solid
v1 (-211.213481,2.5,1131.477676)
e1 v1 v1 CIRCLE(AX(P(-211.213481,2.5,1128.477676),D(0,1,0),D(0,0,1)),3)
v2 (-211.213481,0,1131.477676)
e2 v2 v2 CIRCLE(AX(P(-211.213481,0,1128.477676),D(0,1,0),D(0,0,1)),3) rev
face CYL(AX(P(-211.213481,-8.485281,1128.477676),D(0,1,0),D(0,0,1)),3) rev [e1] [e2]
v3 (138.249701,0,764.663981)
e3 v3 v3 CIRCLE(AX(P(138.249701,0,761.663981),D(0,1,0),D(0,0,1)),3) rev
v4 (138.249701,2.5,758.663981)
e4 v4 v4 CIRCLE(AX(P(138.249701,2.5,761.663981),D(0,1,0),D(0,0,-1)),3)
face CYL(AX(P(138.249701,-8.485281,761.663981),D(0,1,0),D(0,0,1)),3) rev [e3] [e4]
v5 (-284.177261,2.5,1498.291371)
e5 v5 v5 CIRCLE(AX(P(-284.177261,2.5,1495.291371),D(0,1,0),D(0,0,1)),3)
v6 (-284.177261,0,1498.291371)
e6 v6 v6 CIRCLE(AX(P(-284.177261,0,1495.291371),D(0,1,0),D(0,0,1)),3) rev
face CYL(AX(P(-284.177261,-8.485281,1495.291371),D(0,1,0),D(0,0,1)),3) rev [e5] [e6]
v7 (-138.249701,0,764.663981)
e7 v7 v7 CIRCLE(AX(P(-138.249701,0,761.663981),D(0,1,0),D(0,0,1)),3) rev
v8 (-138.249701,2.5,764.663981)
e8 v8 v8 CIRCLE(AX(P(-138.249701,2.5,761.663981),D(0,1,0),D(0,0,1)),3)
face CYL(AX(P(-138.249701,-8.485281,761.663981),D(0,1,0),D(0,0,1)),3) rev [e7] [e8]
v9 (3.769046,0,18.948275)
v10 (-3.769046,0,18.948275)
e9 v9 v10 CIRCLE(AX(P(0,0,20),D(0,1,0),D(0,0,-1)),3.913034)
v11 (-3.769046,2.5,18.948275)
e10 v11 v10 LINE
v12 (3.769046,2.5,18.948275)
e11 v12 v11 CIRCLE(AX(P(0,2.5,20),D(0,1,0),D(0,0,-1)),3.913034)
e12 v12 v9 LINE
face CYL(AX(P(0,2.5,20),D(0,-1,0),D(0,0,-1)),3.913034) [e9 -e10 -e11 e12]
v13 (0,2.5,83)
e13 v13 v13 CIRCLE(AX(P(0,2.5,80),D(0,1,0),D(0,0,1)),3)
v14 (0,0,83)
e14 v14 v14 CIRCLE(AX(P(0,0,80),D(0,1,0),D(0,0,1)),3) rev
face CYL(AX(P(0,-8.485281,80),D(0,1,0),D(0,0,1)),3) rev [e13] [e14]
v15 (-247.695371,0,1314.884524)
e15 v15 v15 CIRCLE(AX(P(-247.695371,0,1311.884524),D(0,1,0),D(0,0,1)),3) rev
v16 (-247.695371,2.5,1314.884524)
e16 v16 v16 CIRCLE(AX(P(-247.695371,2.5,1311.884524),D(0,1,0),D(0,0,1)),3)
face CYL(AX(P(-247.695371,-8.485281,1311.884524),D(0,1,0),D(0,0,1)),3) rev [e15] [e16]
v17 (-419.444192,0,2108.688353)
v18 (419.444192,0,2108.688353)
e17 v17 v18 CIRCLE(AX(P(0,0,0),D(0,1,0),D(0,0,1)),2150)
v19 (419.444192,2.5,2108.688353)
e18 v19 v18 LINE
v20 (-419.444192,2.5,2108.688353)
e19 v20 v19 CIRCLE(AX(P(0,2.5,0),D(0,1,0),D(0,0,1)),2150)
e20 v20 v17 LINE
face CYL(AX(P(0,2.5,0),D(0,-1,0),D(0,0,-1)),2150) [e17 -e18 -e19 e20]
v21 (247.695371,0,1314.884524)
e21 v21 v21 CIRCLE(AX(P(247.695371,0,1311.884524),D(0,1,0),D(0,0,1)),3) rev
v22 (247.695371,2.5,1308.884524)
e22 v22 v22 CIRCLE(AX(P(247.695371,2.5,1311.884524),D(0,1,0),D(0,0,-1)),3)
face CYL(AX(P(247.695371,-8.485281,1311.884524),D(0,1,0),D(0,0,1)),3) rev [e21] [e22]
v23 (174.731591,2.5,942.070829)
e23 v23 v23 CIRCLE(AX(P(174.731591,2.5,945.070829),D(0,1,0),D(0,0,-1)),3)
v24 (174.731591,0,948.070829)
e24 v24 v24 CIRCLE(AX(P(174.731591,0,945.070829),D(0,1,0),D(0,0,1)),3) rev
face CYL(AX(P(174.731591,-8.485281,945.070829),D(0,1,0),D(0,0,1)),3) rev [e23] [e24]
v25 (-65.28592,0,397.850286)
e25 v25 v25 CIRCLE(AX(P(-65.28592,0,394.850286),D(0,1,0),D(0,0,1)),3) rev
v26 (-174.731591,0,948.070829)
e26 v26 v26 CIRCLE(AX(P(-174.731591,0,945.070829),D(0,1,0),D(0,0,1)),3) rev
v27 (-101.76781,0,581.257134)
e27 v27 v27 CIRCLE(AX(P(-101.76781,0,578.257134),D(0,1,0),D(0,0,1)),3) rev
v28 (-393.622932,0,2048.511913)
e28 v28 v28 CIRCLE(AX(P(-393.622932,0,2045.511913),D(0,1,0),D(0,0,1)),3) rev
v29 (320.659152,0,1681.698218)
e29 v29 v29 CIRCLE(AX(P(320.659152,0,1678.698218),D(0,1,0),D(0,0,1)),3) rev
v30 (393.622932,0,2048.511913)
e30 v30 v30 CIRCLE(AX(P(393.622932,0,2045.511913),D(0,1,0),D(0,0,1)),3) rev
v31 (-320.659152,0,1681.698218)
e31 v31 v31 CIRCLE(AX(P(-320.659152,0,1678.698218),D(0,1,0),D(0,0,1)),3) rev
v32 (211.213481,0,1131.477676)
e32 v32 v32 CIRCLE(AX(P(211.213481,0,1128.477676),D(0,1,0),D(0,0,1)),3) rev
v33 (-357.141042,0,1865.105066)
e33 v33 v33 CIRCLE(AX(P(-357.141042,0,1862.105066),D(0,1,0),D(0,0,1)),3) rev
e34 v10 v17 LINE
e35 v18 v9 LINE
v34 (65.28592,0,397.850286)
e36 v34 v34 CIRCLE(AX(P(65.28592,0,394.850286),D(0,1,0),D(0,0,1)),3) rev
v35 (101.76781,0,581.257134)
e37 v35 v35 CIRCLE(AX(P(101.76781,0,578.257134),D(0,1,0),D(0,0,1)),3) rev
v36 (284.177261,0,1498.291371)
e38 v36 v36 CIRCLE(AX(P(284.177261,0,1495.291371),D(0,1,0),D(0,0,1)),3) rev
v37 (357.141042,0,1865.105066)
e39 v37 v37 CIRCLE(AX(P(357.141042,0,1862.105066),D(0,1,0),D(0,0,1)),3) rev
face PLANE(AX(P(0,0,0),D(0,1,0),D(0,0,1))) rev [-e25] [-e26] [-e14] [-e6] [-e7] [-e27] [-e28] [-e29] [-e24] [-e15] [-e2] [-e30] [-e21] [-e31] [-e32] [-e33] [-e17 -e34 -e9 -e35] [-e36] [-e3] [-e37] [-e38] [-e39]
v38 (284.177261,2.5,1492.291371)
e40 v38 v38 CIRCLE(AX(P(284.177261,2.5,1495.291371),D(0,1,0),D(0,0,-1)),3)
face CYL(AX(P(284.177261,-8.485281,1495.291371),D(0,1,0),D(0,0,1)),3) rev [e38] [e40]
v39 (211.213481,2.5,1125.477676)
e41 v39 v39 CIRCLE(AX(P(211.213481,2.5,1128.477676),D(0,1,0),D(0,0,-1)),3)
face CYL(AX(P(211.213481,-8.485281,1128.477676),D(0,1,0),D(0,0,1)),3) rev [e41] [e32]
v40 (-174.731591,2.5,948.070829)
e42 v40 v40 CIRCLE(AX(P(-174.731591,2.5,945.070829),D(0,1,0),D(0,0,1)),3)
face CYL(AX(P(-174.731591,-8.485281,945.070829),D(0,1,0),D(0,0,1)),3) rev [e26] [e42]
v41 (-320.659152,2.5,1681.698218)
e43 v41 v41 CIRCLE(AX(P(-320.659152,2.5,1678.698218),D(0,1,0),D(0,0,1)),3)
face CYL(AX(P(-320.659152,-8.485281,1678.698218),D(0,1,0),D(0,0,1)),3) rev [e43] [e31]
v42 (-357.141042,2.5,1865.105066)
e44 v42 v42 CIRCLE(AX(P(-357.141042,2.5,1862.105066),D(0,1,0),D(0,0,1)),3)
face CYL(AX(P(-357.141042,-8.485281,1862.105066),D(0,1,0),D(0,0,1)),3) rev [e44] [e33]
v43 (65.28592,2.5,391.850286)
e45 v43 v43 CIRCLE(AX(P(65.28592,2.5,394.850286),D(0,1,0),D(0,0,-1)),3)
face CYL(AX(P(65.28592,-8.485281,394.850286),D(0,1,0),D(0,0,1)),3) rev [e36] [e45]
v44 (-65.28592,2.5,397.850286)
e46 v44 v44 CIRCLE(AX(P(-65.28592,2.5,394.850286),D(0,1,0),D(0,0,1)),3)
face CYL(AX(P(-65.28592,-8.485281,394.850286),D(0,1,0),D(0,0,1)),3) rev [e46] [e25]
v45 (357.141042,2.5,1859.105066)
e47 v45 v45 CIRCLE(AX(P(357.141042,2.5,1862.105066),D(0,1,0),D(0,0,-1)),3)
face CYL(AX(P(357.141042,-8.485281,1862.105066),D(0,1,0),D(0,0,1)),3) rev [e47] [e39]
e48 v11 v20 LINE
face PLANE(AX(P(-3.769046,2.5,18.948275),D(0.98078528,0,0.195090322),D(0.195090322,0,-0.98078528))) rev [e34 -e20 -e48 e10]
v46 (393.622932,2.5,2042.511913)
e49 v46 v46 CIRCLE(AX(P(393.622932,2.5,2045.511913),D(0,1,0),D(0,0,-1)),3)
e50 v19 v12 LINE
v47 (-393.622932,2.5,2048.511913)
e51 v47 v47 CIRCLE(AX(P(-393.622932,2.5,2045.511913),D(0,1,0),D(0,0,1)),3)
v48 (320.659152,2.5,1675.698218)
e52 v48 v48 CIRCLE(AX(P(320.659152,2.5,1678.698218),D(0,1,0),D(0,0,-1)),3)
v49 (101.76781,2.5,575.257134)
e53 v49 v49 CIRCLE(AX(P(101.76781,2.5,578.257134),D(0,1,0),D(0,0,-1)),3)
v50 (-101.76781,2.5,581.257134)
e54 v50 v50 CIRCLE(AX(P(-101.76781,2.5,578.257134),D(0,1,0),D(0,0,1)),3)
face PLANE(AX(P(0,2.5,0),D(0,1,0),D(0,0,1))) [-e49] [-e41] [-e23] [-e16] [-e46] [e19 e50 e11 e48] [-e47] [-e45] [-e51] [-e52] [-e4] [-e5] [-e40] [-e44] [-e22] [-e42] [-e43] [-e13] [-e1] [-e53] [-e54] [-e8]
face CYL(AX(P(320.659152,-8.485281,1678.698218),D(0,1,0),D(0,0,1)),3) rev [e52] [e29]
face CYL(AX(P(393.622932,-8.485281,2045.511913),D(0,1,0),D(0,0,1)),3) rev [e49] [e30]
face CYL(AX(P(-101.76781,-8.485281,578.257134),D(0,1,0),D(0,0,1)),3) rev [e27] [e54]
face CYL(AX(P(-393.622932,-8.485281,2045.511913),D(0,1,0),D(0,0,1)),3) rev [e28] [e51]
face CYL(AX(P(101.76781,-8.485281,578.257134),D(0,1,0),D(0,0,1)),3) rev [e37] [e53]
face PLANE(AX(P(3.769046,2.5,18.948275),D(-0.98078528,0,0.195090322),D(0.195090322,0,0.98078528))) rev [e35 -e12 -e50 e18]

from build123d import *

# Parameters (mm, degrees)
BOSS_EXTRUDE1_DEPTH = 2.5
SKETCH2_R           = 3
CUT_EXTRUDE1_DEPTH  = 2.5


with BuildPart() as part:
    # Sketch1 → Boss-Extrude1 (new body)
    with BuildSketch(Plane(origin=(0, 0, 0), x_dir=(1, 0, 0), z_dir=(0, 1, 0))):
        with BuildLine():
            Line((-3.769046254, -18.94827508), (-419.444192335, -2108.688352867))
            ThreePointArc((-419.444192335, -2108.688352867), (0, -2150), (419.444192335, -2108.688352867))
            Line((419.444192335, -2108.688352867), (3.769046254, -18.94827508))
            ThreePointArc((3.769046254, -18.94827508), (0, -16.086966015), (-3.769046254, -18.94827508))
        make_face()
    extrude(amount=BOSS_EXTRUDE1_DEPTH)

    # Sketch2 → Cut-Extrude1 (cut)
    with BuildSketch(Plane(origin=(0, 2.5, 0), x_dir=(1, 0, 0), z_dir=(0, 1, 0))):
        with Locations((-393.622932114, -2045.511913266)):
            Circle(SKETCH2_R)
        with Locations((-357.141041897, -1862.105065831)):
            Circle(SKETCH2_R)
        with Locations((-320.65915168, -1678.698218395)):
            Circle(SKETCH2_R)
        with Locations((-284.177261463, -1495.29137096)):
            Circle(SKETCH2_R)
        with Locations((-247.695371246, -1311.884523525)):
            Circle(SKETCH2_R)
        with Locations((-211.213481029, -1128.477676089)):
            Circle(SKETCH2_R)
        with Locations((-174.731590812, -945.070828654)):
            Circle(SKETCH2_R)
        with Locations((-138.249700595, -761.663981218)):
            Circle(SKETCH2_R)
        with Locations((-101.767810378, -578.257133783)):
            Circle(SKETCH2_R)
        with Locations((-65.285920161, -394.850286348)):
            Circle(SKETCH2_R)
        with Locations((65.285920161, -394.850286348)):
            Circle(SKETCH2_R)
        with Locations((101.767810378, -578.257133783)):
            Circle(SKETCH2_R)
        with Locations((138.249700595, -761.663981218)):
            Circle(SKETCH2_R)
        with Locations((174.731590812, -945.070828654)):
            Circle(SKETCH2_R)
        with Locations((211.213481029, -1128.477676089)):
            Circle(SKETCH2_R)
        with Locations((247.695371246, -1311.884523525)):
            Circle(SKETCH2_R)
        with Locations((284.177261463, -1495.29137096)):
            Circle(SKETCH2_R)
        with Locations((320.65915168, -1678.698218395)):
            Circle(SKETCH2_R)
        with Locations((357.141041897, -1862.105065831)):
            Circle(SKETCH2_R)
        with Locations((393.622932114, -2045.511913266)):
            Circle(SKETCH2_R)
        with Locations((0, -80)):
            Circle(SKETCH2_R)
    extrude(amount=-CUT_EXTRUDE1_DEPTH, mode=Mode.SUBTRACT)


solid = part.part
